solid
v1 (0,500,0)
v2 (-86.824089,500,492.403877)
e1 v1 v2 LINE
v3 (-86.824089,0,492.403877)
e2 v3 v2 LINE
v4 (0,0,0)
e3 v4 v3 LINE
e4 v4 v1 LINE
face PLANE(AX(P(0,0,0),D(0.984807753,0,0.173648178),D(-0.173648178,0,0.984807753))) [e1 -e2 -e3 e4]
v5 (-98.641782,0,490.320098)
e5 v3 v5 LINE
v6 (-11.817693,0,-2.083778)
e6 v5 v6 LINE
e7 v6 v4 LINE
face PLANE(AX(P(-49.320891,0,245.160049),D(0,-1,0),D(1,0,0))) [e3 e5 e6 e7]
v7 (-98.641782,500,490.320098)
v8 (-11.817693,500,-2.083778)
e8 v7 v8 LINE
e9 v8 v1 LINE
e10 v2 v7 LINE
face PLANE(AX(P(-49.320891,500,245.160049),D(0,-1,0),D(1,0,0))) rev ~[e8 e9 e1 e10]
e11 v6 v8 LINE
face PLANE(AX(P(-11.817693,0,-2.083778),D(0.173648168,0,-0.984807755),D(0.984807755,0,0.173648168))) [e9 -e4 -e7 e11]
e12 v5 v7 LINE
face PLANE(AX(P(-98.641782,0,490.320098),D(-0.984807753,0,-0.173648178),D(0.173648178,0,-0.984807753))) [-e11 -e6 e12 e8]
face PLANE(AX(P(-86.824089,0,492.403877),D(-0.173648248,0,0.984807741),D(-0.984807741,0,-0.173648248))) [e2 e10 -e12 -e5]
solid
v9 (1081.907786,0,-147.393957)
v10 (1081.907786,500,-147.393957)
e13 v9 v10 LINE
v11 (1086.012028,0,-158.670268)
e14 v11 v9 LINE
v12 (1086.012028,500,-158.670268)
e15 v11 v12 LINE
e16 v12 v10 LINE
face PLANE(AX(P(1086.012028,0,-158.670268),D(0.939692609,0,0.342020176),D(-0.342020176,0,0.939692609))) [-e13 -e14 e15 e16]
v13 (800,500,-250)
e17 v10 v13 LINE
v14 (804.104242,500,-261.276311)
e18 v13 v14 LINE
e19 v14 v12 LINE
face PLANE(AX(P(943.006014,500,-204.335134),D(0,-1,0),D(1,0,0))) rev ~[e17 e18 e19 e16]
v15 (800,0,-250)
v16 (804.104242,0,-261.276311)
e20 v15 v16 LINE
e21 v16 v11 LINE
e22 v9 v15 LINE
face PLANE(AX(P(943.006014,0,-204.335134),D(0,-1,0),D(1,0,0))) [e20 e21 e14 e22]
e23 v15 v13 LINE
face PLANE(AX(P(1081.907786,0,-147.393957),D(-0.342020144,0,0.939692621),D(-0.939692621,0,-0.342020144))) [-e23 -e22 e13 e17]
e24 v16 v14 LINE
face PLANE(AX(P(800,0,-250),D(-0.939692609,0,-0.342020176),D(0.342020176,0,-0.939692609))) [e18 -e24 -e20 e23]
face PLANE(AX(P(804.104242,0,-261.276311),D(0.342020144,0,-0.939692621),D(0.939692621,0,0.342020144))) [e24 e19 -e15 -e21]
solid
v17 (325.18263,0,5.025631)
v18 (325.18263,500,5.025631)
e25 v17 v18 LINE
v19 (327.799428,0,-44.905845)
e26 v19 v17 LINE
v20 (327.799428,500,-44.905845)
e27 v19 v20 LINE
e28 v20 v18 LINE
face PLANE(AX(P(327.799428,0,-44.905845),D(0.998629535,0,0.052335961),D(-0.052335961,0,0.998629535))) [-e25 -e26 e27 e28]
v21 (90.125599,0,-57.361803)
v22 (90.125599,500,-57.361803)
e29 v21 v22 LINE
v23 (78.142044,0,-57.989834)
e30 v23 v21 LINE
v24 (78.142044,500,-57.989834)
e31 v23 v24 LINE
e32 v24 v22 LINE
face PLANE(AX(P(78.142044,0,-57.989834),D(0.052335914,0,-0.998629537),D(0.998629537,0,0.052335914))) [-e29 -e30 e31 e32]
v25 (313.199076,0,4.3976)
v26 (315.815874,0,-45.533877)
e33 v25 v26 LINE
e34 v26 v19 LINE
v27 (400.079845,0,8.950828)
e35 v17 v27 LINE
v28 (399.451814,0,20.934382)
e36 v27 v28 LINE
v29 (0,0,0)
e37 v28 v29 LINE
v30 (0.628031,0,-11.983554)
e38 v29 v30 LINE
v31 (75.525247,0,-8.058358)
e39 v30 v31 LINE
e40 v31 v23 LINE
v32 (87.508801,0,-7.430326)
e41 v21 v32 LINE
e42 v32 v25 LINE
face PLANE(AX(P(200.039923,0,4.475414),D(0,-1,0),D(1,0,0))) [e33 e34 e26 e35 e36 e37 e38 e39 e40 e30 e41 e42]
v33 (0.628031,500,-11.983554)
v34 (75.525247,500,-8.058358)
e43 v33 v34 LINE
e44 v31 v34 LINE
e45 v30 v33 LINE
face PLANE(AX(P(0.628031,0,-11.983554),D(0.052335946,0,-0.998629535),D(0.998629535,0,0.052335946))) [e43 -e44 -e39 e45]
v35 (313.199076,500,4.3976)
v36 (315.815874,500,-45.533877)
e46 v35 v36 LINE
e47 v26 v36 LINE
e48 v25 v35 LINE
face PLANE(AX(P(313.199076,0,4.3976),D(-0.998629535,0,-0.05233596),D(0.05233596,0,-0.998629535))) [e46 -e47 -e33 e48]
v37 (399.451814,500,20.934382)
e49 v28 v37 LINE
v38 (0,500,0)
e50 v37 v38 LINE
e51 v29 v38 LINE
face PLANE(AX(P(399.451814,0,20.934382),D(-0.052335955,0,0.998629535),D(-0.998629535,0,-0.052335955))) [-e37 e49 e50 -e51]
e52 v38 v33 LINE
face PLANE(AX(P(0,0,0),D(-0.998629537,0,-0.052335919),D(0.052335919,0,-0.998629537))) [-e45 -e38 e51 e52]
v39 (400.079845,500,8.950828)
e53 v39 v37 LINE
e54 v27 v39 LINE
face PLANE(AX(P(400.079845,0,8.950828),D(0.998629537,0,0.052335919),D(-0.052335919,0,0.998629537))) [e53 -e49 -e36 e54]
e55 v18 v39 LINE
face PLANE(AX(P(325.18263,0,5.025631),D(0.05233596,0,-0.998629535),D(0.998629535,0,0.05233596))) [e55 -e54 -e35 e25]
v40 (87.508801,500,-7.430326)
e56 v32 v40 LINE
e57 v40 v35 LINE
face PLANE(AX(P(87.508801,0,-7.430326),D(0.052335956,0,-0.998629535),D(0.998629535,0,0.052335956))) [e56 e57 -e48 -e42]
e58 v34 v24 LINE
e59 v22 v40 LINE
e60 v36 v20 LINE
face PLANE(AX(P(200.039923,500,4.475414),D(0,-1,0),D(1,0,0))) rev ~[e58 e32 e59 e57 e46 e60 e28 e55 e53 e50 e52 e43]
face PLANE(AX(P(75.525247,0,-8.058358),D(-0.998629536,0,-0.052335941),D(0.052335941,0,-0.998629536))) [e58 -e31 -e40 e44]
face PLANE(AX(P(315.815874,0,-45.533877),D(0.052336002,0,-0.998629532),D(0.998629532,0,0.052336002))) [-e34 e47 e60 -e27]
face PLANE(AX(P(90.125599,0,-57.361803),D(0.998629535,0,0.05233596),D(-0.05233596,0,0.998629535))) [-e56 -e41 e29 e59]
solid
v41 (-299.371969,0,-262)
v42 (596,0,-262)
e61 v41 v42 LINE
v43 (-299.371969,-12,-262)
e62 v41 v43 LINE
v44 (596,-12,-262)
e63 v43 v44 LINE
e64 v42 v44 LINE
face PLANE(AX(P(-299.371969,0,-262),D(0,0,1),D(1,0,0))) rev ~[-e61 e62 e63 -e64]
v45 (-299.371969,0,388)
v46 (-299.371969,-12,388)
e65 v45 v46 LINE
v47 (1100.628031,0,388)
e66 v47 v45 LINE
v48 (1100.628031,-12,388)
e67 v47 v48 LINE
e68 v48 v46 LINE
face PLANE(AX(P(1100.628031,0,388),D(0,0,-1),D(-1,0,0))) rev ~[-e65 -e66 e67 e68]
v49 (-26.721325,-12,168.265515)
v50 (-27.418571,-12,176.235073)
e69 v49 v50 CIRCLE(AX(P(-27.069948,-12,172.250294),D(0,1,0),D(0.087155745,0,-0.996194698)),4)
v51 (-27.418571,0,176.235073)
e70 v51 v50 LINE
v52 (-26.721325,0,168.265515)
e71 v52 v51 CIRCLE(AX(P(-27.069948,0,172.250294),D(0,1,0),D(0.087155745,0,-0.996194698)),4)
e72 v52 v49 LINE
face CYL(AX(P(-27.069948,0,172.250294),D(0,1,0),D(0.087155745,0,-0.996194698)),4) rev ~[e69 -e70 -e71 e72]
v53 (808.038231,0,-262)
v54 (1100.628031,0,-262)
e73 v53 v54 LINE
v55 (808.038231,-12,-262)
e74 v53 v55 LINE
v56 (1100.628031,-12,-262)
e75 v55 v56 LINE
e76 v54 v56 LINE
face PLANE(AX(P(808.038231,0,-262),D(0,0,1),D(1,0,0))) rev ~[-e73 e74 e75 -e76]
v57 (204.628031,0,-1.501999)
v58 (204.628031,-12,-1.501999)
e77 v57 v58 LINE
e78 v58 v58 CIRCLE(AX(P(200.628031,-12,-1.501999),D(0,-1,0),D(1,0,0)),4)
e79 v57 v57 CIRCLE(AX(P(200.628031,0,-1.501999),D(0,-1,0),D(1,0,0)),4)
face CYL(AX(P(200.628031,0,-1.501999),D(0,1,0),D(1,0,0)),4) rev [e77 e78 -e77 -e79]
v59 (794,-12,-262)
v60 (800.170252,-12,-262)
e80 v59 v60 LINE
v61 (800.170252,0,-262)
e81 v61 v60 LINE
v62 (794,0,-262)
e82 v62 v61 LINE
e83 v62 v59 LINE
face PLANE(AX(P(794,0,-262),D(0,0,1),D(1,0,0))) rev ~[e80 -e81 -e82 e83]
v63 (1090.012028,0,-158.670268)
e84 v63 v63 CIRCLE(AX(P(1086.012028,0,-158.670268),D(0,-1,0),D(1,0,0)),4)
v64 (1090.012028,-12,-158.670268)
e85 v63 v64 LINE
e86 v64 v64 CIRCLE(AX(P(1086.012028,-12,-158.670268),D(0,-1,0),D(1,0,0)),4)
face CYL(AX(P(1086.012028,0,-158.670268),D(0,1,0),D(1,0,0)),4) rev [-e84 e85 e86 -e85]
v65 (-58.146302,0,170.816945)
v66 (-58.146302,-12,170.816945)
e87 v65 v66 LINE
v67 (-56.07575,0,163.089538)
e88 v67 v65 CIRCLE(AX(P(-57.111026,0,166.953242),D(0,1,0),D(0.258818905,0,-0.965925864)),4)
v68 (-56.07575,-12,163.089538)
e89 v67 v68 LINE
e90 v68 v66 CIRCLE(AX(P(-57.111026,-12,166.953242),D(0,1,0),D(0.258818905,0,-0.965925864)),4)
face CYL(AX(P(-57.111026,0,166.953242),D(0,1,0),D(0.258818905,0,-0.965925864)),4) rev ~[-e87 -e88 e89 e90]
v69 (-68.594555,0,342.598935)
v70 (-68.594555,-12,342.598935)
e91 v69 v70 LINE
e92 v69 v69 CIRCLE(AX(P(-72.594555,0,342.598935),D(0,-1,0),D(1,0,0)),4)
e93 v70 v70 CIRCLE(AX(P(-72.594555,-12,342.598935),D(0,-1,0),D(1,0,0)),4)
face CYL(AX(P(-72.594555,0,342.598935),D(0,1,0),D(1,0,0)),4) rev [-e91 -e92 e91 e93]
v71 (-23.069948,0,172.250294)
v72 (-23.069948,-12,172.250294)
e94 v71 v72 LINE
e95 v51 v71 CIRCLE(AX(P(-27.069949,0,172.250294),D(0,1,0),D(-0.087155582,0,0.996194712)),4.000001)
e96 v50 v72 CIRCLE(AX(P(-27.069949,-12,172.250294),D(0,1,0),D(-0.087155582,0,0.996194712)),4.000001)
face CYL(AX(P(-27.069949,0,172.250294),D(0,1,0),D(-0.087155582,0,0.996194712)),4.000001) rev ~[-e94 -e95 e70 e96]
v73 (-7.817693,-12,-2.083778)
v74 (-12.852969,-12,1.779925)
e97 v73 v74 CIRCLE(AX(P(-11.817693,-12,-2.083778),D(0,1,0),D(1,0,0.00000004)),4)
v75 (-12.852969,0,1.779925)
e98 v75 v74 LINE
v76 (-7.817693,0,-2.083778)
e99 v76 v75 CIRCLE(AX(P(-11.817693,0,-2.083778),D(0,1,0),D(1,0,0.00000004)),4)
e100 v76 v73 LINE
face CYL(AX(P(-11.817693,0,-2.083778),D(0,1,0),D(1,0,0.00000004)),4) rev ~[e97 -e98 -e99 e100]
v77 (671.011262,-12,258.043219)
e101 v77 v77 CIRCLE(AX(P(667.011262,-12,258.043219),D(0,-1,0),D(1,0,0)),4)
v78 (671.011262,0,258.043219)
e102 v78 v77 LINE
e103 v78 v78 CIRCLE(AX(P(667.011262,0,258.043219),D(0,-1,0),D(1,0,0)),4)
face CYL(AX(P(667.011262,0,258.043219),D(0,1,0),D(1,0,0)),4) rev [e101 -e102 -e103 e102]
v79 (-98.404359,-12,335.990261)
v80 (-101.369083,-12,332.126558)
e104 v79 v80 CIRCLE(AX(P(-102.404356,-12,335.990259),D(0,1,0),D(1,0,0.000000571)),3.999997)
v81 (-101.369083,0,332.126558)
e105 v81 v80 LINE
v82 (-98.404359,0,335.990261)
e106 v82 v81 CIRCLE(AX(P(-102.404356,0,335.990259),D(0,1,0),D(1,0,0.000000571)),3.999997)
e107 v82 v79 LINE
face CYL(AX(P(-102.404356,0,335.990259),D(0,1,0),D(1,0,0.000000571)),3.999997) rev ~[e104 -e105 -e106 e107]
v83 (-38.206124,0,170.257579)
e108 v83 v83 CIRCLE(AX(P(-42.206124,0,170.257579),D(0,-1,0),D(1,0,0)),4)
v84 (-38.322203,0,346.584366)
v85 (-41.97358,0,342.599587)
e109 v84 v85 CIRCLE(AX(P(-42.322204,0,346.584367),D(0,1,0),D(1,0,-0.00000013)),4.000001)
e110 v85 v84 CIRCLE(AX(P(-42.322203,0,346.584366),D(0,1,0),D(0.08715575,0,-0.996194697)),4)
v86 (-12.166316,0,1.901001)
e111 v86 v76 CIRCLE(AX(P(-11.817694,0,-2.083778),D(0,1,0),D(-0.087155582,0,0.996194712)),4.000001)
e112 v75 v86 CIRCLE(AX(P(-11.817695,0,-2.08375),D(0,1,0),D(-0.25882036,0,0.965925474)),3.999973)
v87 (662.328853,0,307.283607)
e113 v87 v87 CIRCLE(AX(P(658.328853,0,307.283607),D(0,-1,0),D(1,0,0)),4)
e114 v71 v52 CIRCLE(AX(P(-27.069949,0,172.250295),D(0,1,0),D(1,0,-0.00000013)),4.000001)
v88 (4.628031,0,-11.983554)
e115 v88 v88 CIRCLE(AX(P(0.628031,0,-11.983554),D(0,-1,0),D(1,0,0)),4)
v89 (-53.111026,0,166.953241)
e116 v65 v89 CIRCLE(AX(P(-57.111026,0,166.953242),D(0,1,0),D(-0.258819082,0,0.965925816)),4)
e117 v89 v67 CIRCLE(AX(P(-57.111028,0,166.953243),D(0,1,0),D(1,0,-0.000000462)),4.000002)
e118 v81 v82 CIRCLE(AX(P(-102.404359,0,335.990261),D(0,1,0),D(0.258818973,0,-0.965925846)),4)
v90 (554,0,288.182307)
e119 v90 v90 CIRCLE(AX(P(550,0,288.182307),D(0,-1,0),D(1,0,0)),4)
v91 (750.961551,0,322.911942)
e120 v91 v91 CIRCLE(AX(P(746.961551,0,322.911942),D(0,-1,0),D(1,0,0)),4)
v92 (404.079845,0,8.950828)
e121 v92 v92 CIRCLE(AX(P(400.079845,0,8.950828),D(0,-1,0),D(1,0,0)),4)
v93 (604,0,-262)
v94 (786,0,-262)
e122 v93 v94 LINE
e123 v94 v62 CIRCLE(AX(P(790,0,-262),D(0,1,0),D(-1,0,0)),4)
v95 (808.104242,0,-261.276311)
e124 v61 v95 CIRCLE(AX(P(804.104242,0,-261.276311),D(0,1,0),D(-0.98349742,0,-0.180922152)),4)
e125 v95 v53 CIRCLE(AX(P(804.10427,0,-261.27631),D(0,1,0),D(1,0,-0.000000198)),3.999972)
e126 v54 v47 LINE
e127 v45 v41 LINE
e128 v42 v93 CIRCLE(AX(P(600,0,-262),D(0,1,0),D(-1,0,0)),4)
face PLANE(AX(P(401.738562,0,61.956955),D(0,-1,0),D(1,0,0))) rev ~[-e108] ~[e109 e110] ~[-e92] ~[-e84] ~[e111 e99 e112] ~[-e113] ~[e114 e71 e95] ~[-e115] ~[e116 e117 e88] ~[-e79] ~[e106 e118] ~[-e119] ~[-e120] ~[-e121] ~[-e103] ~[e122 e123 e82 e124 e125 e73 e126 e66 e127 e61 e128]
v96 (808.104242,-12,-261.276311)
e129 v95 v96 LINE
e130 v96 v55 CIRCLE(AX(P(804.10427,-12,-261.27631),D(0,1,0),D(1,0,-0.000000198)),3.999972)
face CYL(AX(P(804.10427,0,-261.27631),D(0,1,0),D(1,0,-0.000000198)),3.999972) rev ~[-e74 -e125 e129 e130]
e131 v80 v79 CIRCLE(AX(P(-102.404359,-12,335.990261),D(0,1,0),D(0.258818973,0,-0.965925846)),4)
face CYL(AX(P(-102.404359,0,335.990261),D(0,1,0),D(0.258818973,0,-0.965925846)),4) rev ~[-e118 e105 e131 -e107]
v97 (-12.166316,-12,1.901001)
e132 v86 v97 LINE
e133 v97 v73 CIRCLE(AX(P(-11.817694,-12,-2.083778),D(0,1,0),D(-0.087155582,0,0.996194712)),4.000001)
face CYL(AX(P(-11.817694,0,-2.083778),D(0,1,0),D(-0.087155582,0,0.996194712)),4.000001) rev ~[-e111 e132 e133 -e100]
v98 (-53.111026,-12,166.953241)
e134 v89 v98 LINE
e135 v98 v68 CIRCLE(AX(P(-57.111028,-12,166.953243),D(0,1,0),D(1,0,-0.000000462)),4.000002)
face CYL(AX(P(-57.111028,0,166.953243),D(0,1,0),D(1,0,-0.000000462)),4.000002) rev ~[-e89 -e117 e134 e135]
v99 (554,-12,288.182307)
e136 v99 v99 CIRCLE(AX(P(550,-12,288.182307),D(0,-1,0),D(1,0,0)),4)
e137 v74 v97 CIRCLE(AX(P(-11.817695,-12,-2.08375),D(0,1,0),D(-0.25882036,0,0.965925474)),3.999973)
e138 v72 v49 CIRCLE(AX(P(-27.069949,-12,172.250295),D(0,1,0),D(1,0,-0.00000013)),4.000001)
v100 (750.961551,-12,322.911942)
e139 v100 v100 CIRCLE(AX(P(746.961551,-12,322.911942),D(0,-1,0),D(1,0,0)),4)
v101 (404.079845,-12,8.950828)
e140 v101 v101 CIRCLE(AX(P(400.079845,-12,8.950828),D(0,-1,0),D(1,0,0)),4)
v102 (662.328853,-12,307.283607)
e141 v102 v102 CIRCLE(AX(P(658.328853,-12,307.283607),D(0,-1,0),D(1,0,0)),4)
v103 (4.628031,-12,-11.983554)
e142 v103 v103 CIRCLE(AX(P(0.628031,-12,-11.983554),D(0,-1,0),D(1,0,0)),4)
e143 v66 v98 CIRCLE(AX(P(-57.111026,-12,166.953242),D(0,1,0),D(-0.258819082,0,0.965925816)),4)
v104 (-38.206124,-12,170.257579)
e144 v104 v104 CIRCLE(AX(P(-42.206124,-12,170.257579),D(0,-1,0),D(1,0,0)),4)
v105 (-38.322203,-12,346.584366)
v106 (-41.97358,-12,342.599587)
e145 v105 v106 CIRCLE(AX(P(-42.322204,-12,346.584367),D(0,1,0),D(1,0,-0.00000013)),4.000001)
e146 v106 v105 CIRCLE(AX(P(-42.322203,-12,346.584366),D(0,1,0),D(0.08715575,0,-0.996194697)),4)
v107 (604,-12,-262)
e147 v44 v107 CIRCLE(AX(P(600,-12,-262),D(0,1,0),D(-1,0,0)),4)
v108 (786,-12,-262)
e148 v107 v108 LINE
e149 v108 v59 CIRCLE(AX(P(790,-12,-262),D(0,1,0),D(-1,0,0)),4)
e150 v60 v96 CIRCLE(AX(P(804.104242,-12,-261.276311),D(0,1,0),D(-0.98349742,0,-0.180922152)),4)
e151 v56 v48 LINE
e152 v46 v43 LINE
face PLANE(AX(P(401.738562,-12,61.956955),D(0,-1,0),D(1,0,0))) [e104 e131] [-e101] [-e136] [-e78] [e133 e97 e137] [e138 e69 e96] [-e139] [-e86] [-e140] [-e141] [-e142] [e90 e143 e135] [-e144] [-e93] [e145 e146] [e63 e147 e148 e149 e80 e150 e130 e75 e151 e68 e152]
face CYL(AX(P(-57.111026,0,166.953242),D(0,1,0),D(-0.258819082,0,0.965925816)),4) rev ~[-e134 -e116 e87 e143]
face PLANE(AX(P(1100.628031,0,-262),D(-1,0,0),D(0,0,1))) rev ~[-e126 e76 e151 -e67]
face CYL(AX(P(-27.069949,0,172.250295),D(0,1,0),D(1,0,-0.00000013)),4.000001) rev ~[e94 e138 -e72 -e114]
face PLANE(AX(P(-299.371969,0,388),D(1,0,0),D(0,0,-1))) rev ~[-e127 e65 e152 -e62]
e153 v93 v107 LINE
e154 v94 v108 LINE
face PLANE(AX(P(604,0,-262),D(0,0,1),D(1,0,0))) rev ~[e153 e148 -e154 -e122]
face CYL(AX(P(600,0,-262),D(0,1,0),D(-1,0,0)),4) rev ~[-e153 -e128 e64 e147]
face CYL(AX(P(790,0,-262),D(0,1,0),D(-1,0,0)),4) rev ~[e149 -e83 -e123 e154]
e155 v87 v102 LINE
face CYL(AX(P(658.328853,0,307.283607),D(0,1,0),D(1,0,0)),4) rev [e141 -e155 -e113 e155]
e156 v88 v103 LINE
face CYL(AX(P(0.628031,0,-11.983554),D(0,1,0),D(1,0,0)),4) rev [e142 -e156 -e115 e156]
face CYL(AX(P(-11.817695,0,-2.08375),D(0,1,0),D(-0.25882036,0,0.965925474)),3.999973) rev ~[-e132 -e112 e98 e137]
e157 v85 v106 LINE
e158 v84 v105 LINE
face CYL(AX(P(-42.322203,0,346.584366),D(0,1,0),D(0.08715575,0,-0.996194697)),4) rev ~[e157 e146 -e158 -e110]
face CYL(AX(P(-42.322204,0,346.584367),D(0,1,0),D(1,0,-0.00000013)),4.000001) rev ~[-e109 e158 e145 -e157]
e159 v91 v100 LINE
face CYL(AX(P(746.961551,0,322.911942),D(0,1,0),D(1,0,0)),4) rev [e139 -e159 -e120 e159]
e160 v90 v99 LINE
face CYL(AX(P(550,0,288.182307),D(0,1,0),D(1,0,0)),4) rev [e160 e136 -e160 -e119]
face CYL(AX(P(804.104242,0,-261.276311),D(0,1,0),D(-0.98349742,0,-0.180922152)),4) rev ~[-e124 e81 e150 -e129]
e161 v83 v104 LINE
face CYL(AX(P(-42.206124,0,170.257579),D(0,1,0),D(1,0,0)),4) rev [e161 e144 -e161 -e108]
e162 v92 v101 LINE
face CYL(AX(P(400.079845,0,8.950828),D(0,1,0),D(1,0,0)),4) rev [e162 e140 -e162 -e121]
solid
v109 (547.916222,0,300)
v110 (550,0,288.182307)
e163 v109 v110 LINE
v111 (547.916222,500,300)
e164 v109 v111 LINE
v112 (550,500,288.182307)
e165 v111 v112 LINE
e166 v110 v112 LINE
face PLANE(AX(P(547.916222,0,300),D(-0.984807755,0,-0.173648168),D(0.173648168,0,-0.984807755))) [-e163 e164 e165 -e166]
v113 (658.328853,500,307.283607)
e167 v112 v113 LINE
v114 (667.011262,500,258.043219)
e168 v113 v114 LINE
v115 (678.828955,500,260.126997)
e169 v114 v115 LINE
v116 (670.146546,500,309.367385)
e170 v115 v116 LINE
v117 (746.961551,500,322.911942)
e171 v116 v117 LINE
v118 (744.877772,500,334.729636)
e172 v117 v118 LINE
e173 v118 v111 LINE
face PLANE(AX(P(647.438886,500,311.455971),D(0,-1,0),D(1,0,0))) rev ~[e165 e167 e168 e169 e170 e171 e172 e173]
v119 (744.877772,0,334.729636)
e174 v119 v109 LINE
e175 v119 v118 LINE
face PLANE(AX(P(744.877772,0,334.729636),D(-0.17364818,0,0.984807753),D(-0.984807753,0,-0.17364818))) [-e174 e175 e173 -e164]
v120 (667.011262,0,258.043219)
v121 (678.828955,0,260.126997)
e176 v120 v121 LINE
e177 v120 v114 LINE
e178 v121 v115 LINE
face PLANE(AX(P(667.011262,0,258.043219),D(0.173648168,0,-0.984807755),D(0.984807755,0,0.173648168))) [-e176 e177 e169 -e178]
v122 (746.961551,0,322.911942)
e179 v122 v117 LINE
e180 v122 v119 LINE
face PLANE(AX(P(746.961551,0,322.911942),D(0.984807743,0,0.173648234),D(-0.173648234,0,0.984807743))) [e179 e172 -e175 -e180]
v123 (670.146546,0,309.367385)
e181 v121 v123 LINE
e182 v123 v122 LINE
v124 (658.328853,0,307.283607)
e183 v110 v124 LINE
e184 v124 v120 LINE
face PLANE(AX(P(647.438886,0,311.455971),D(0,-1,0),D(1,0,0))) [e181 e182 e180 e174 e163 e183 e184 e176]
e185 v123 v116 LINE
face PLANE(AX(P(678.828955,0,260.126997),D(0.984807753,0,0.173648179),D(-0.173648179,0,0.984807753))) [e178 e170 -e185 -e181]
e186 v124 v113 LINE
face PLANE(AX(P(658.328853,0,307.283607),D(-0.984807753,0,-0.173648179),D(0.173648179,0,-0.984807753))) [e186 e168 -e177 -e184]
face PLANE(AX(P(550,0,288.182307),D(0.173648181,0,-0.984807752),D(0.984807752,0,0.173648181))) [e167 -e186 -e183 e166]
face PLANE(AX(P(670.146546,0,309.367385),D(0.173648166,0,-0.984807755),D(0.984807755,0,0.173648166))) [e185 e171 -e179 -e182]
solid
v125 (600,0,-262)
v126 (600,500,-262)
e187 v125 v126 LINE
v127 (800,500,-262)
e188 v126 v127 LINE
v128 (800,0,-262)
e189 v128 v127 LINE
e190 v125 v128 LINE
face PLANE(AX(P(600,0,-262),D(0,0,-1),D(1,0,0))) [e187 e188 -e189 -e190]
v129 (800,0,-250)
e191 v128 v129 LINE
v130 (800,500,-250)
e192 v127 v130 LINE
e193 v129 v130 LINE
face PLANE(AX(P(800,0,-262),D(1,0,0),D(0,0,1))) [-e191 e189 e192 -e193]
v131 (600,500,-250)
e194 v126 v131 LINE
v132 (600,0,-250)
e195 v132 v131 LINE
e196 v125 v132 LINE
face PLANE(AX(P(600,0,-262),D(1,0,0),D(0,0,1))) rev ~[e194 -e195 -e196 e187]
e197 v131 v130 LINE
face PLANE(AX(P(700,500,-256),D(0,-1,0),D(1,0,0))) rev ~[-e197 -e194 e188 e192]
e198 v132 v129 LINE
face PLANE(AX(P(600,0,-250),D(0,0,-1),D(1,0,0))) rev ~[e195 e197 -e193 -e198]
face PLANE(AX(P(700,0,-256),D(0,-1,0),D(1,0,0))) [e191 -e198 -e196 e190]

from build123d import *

# Parameters (mm, degrees)
F0_W     = 200
F0_H     = 12
F1_DEPTH = 500
F2_R     = 4
F3_DEPTH = 12


with BuildPart() as f1:
    # F0 (on Front) → F1 (new body)
    with BuildSketch(Plane.XZ):
        Polygon((-11.817693, -2.083778), (0, 0), (-86.824089, 492.403877), (-98.641782, 490.320098), align=None)
        Polygon((399.451814, 20.934382), (0, 0), (0.628031, -11.983554), (75.525247, -8.058358), (87.508801, -7.430326), (313.199076, 4.3976), (325.18263, 5.025631), (400.079845, 8.950828), align=None)
        Polygon((746.961551, 322.911942), (744.877772, 334.729636), (547.916222, 300), (550, 288.182307), (658.328853, 307.283607), (670.146546, 309.367385), align=None)
        with Locations((700, -256)):
            Rectangle(F0_W, F0_H)
        Polygon((1081.907786, -147.393957), (800, -250), (804.104242, -261.276311), (1086.012028, -158.670268), align=None)
        Polygon((678.828955, 260.126997), (670.146546, 309.367385), (658.328853, 307.283607), (667.011262, 258.043219), align=None)
        Polygon((87.508801, -7.430326), (75.525247, -8.058358), (78.142044, -57.989834), (90.125599, -57.361803), align=None)
        Polygon((327.799428, -44.905845), (325.18263, 5.025631), (313.199076, 4.3976), (315.815874, -45.533877), align=None)
    extrude(amount=-F1_DEPTH)


with BuildPart() as f3:
    # F2 (on Front) → F3 (new body)
    with BuildSketch(Plane.XZ):
        with BuildLine():
            Line((808.038231, -262), (1100.628031, -262))
            Line((1100.628031, -262), (1100.628031, 388))
            Line((1100.628031, 388), (-299.371969, 388))
            Line((-299.371969, 388), (-299.371969, -262))
            Line((-299.371969, -262), (596, -262))
            ThreePointArc((596, -262), (600, -258), (604, -262))
            Line((604, -262), (786, -262))
            ThreePointArc((786, -262), (790, -258), (794, -262))
            Line((794, -262), (800.170252, -262))
            ThreePointArc((800.170252, -262), (803.740895, -257.292848), (808.104242, -261.276311))
            ThreePointArc((808.104242, -261.276311), (808.087705, -261.639658), (808.038231, -262))
        make_face()
        with Locations((0.628031, -11.983554)):
            Circle(F2_R, mode=Mode.SUBTRACT)
        with BuildLine():
            ThreePointArc((-12.852969, 1.779925), (-12.512286, 1.855453), (-12.166316, 1.901001))
            ThreePointArc((-12.166316, 1.901001), (-9.115332, 0.865331), (-7.817693, -2.083778))
            ThreePointArc((-7.817693, -2.083778), (-14.252739, -5.257191), (-12.852969, 1.779925))
        make_face(mode=Mode.SUBTRACT)
        with Locations((200.628031, -1.501999)):
            Circle(F2_R, mode=Mode.SUBTRACT)
        with Locations((400.079845, 8.950828)):
            Circle(F2_R, mode=Mode.SUBTRACT)
        with Locations((1086.012028, -158.670268)):
            Circle(F2_R, mode=Mode.SUBTRACT)
        with BuildLine():
            ThreePointArc((-53.111026, 166.953241), (-53.937613, 164.518196), (-56.07575, 163.089538))
            ThreePointArc((-56.07575, 163.089538), (-60.974729, 165.917965), (-58.146302, 170.816945))
            ThreePointArc((-58.146302, 170.816945), (-54.67598, 170.126655), (-53.111026, 166.953241))
        make_face(mode=Mode.SUBTRACT)
        with Locations((-42.206124, 170.257579)):
            Circle(F2_R, mode=Mode.SUBTRACT)
        with BuildLine():
            ThreePointArc((-23.069948, 172.250294), (-24.120839, 169.547933), (-26.721325, 168.265515))
            ThreePointArc((-26.721325, 168.265515), (-31.054727, 171.901671), (-27.418571, 176.235073))
            ThreePointArc((-27.418571, 176.235073), (-24.367587, 175.199403), (-23.069948, 172.250294))
        make_face(mode=Mode.SUBTRACT)
        with BuildLine():
            ThreePointArc((-98.404359, 335.990261), (-99.230945, 333.555215), (-101.369083, 332.126558))
            ThreePointArc((-101.369083, 332.126558), (-105.577772, 338.425307), (-98.404359, 335.990261))
        make_face(mode=Mode.SUBTRACT)
        with Locations((-72.594555, 342.598935)):
            Circle(F2_R, mode=Mode.SUBTRACT)
        with BuildLine():
            ThreePointArc((-38.322203, 346.584366), (-39.373094, 343.882005), (-41.97358, 342.599587))
            ThreePointArc((-41.97358, 342.599587), (-45.271312, 349.286727), (-38.322203, 346.584366))
        make_face(mode=Mode.SUBTRACT)
        with Locations((550, 288.182307)):
            Circle(F2_R, mode=Mode.SUBTRACT)
        with Locations((667.011262, 258.043219)):
            Circle(F2_R, mode=Mode.SUBTRACT)
        with Locations((658.328853, 307.283607)):
            Circle(F2_R, mode=Mode.SUBTRACT)
        with Locations((746.961551, 322.911942)):
            Circle(F2_R, mode=Mode.SUBTRACT)
    extrude(amount=F3_DEPTH)


solid = Compound([f1.part, f3.part])
